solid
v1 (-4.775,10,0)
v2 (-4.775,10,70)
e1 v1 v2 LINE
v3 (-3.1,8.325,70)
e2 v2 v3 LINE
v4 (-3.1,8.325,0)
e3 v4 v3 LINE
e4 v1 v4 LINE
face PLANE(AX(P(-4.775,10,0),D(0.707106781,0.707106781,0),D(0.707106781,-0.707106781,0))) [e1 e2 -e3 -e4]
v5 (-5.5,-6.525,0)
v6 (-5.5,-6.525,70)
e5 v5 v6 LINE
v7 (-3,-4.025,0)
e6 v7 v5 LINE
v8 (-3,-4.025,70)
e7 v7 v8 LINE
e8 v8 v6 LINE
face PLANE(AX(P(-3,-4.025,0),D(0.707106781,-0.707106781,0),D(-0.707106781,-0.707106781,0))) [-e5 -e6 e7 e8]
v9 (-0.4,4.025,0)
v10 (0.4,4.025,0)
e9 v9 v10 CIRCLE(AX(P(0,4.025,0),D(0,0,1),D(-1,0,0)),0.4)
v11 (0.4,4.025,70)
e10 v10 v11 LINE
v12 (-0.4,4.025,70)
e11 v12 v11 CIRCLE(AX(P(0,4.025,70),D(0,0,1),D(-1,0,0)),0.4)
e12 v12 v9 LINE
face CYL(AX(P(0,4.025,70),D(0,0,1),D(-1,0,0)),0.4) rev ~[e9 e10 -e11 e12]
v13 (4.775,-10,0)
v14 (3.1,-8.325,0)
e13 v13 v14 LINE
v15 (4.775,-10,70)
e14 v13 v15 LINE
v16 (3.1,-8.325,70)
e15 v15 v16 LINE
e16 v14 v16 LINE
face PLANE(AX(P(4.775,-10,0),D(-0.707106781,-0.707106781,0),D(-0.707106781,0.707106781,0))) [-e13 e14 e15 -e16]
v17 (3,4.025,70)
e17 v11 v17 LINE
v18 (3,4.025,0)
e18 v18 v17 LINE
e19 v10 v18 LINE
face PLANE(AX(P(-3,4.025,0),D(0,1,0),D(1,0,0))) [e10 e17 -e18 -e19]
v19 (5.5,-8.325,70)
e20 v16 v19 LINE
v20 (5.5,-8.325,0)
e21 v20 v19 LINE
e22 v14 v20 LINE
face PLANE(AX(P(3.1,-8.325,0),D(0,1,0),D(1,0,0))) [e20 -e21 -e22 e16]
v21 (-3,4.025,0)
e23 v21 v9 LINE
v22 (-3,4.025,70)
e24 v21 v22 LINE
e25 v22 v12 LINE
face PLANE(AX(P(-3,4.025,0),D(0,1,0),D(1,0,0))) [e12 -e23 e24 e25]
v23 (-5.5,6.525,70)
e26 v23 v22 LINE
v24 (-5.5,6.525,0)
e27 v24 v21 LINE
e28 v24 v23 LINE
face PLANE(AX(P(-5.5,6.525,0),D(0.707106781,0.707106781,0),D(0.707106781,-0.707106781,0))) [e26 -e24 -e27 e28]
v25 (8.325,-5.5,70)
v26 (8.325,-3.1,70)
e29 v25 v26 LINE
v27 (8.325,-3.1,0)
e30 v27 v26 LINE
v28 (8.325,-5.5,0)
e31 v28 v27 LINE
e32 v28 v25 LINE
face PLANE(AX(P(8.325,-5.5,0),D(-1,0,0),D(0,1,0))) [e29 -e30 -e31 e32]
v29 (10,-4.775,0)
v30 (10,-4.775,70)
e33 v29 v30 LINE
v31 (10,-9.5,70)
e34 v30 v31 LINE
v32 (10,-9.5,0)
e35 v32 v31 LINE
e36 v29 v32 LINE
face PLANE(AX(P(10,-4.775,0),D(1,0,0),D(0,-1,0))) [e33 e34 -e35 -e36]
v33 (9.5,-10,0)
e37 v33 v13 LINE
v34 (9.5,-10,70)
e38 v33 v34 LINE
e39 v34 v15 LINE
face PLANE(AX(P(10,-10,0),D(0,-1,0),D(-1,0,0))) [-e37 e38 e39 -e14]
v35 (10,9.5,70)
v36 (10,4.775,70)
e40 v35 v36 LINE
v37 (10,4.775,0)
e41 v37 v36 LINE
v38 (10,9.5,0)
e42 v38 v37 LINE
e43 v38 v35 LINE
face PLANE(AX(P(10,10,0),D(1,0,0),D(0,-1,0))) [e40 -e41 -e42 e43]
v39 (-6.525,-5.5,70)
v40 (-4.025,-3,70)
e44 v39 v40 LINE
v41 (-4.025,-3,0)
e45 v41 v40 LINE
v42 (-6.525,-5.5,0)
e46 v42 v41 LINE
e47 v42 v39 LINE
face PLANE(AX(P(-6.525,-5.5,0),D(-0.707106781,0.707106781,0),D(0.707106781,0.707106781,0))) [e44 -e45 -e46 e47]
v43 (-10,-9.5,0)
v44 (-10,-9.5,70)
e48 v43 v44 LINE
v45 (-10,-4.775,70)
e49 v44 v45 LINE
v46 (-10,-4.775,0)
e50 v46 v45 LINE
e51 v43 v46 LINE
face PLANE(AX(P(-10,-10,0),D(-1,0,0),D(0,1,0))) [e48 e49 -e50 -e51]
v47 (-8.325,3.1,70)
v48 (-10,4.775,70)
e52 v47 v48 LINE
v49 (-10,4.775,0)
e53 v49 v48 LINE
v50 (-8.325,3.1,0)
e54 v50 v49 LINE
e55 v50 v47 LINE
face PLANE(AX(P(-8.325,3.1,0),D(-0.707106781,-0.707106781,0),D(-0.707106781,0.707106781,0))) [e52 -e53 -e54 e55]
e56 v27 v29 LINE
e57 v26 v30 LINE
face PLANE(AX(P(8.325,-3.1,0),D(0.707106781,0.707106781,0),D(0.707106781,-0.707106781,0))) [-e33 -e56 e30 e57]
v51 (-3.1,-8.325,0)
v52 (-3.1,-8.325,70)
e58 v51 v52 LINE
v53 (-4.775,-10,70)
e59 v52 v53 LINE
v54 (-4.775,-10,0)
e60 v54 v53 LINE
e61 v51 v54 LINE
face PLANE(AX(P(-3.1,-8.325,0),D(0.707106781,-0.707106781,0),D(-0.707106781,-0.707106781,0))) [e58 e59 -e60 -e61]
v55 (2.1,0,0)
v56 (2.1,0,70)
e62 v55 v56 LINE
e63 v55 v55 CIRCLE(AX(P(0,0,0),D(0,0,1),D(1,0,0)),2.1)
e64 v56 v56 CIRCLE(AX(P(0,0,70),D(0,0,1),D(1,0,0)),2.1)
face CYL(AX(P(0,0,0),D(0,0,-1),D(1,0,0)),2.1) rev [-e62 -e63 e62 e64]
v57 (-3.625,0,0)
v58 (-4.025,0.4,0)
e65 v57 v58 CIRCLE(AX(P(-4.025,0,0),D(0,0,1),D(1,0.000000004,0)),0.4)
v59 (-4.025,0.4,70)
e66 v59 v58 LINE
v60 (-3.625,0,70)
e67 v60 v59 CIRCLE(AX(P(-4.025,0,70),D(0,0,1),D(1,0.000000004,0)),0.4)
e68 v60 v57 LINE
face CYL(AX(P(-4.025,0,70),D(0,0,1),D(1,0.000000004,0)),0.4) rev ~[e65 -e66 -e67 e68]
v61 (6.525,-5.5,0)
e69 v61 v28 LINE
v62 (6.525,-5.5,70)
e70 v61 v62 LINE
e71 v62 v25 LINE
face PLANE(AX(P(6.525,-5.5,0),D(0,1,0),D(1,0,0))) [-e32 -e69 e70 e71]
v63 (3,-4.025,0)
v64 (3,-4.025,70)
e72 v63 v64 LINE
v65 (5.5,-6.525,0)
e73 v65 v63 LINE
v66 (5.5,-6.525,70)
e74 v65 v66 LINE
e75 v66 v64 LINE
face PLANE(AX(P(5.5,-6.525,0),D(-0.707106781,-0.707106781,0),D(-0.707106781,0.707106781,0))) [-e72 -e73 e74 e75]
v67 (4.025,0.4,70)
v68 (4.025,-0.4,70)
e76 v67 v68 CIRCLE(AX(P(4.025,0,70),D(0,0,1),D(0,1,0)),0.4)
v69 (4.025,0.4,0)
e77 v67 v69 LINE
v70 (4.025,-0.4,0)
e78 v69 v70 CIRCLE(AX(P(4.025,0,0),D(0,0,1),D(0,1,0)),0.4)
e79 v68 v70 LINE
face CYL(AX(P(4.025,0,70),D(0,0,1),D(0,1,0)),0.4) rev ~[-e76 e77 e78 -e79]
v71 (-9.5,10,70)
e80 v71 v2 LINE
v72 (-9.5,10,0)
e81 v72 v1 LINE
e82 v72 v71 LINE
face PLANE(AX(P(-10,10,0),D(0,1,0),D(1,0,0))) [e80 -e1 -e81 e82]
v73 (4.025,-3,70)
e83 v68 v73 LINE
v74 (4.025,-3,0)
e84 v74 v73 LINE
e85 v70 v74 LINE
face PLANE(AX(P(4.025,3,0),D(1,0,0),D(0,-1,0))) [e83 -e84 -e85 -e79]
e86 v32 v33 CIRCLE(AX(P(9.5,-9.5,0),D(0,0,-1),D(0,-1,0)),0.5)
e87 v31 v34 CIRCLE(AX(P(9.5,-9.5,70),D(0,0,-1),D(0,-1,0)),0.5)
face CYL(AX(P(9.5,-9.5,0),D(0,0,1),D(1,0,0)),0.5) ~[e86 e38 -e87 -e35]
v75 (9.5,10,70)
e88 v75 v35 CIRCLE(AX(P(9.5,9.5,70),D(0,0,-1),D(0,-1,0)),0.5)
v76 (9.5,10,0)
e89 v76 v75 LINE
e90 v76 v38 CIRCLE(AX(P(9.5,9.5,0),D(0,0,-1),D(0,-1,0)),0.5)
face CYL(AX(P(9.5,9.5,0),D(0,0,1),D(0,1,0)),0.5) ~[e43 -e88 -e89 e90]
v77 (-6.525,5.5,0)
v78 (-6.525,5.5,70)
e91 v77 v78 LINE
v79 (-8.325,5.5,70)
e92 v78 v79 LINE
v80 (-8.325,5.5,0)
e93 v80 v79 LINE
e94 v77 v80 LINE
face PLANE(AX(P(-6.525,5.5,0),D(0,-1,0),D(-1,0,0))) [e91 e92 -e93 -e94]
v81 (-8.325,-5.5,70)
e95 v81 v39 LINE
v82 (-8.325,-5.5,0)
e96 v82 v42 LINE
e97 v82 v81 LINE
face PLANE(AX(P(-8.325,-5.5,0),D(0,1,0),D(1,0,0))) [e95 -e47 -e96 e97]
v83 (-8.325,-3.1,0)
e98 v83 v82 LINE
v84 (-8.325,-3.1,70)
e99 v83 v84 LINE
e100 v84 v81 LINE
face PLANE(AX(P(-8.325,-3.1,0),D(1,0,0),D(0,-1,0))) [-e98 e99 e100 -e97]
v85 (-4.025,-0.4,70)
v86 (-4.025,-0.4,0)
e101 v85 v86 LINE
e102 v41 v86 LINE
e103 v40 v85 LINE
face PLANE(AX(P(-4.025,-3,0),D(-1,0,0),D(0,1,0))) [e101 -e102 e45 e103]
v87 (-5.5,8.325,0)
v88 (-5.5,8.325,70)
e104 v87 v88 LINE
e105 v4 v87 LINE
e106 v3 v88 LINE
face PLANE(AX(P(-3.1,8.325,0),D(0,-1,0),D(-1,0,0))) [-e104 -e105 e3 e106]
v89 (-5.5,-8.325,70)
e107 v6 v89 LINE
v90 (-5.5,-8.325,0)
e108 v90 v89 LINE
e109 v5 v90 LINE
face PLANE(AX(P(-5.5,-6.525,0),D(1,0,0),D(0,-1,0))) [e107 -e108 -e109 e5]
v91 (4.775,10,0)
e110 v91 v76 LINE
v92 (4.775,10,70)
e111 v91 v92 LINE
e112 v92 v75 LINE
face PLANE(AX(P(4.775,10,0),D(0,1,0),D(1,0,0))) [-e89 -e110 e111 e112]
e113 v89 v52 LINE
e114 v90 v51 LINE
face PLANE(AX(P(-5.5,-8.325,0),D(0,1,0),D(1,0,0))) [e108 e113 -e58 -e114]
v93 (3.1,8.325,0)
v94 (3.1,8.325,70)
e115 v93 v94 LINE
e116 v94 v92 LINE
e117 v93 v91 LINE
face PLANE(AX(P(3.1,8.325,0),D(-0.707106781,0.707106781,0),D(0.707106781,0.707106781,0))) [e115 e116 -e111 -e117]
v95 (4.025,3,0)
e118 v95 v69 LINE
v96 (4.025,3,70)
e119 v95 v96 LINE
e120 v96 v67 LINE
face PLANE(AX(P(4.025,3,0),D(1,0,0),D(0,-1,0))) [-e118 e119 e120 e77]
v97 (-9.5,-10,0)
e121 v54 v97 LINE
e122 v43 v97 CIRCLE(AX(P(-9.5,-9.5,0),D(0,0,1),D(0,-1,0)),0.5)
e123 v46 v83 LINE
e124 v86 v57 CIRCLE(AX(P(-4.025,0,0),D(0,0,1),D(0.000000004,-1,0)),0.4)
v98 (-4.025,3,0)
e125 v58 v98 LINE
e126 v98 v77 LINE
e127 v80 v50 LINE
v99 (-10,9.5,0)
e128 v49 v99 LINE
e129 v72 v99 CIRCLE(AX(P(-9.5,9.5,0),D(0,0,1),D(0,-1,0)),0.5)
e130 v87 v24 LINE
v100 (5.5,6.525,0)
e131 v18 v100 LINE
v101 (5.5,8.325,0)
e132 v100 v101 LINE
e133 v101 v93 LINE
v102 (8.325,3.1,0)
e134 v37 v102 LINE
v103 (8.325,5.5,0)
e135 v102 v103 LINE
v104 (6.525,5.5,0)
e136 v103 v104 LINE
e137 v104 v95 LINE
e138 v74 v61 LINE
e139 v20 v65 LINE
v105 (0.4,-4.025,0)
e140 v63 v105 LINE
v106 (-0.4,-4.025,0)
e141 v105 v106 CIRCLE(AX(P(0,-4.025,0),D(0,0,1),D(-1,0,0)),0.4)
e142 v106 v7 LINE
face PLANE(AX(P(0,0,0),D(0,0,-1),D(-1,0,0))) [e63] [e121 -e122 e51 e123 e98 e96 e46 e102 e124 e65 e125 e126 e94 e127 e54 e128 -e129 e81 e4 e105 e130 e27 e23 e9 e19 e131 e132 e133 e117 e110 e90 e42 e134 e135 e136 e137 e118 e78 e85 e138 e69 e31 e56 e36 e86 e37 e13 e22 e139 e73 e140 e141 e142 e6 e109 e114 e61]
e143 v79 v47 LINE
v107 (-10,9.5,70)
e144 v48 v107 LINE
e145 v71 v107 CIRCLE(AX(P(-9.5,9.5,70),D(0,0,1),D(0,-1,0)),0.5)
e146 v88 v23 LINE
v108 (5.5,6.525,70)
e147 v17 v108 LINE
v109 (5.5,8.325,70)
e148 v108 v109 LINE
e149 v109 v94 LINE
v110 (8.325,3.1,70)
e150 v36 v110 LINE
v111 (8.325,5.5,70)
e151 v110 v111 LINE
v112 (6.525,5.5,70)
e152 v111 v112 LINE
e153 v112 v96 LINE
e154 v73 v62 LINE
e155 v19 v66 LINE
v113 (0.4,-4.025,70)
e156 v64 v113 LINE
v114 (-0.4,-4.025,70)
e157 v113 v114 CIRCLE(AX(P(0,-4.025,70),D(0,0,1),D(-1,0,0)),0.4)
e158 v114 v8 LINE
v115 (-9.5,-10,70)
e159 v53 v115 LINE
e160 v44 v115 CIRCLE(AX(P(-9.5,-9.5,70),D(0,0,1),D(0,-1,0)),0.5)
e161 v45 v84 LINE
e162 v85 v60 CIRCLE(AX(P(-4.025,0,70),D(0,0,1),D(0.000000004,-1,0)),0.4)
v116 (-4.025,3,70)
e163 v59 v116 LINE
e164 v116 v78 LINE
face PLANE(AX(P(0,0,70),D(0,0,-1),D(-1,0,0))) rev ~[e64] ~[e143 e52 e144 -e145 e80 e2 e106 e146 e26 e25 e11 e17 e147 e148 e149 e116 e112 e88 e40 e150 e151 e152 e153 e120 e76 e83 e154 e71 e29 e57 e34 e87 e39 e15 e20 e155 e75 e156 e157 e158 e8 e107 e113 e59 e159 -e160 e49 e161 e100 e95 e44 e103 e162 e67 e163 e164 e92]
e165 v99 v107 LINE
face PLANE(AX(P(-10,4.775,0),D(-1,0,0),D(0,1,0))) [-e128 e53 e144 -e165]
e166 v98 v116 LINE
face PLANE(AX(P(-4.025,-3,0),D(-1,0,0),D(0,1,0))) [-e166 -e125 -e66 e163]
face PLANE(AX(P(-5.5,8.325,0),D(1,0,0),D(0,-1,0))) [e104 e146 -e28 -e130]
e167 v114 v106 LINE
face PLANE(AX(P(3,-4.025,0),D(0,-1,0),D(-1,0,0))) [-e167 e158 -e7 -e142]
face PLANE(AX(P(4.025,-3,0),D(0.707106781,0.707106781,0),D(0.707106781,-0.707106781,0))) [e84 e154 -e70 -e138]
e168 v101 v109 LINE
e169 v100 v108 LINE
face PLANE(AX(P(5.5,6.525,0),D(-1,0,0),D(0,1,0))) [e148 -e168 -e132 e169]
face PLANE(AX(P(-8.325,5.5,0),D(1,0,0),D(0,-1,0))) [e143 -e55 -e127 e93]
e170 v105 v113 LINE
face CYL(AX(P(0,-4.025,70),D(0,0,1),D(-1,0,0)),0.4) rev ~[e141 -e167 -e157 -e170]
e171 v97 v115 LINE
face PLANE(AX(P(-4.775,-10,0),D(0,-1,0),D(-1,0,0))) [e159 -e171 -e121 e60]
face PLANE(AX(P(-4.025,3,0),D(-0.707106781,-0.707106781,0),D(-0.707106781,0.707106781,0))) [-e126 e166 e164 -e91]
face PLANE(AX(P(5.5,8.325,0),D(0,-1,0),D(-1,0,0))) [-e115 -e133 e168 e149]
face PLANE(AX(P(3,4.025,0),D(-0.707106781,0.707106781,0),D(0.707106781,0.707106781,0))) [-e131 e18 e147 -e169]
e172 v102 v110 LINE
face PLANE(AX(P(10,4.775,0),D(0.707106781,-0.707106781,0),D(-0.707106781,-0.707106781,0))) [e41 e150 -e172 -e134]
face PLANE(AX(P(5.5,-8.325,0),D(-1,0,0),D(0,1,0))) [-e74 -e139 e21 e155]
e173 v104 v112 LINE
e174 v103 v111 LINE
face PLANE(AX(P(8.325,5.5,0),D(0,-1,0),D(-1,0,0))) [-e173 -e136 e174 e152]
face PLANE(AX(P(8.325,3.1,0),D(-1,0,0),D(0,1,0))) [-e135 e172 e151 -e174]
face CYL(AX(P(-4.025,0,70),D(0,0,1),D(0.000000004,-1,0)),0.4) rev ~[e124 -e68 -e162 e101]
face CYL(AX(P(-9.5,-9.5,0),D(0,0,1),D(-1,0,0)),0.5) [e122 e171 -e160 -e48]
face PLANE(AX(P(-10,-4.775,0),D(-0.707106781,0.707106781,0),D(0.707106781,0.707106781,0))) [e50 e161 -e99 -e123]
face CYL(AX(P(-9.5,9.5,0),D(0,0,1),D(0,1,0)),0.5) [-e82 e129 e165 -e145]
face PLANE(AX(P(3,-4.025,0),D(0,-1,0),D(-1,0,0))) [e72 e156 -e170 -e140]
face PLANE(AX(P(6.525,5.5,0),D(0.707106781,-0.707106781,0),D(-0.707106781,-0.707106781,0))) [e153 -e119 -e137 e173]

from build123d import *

# Parameters (mm, degrees)
SKETCH1_R           = 2.1
BOSS_EXTRUDE1_DEPTH = 70
FILLET1_R           = 0.5
CUT_EXTRUDE1_DEPTH  = 72.414284285


with BuildPart() as part:
    # Sketch1 → Boss-Extrude1 (new body)
    with BuildSketch(Plane.XY):
        Polygon((-10, 10), (-4.775, 10), (-3.1, 8.325), (-5.5, 8.325), (-5.5, 6.525), (-3, 4.025), (3, 4.025), (5.5, 6.525), (5.5, 8.325), (3.1, 8.325), (4.775, 10), (10, 10), (10, 4.775), (8.325, 3.1), (8.325, 5.5), (6.525, 5.5), (4.025, 3), (4.025, -3), (6.525, -5.5), (8.325, -5.5), (8.325, -3.1), (10, -4.775), (10, -10), (4.775, -10), (3.1, -8.325), (5.5, -8.325), (5.5, -6.525), (3, -4.025), (-3, -4.025), (-5.5, -6.525), (-5.5, -8.325), (-3.1, -8.325), (-4.775, -10), (-10, -10), (-10, -4.775), (-8.325, -3.1), (-8.325, -5.5), (-6.525, -5.5), (-4.025, -3), (-4.025, 3), (-6.525, 5.5), (-8.325, 5.5), (-8.325, 3.1), (-10, 4.775), align=None)
        Circle(SKETCH1_R, mode=Mode.SUBTRACT)
    extrude(amount=BOSS_EXTRUDE1_DEPTH)

    # Fillet1
    fillet1_edges = [part.edges().sort_by_distance(p)[0] for p in [
        (10, -10, 35),
        (-10, -10, 35),
        (-10, 10, 35),
        (10, 10, 35),
    ]]
    fillet(fillet1_edges, radius=FILLET1_R)

    # Sketch2 → Cut-Extrude1 (cut, through all)
    with BuildSketch(Plane.XY.offset(70)):
        with BuildLine():
            ThreePointArc((-4.025, 0.4), (-4.425, 0), (-4.025, -0.4))
            Line((-4.025, -0.4), (-4.025, 0.4))
        make_face()
        with BuildLine():
            Line((-4.025, 0.4), (-4.025, -0.4))
            ThreePointArc((-4.025, -0.4), (-3.742157288, -0.282842712), (-3.625, 0))
            ThreePointArc((-3.625, 0), (-3.742157288, 0.282842712), (-4.025, 0.4))
        make_face()
        with BuildLine():
            ThreePointArc((0.4, 4.025), (0, 4.425), (-0.4, 4.025))
            Line((-0.4, 4.025), (0.4, 4.025))
        make_face()
        with BuildLine():
            Line((0.4, 4.025), (-0.4, 4.025))
            ThreePointArc((-0.4, 4.025), (0, 3.625), (0.4, 4.025))
        make_face()
        with BuildLine():
            ThreePointArc((4.025, 0.4), (3.625, 0), (4.025, -0.4))
            Line((4.025, -0.4), (4.025, 0.4))
        make_face()
        with BuildLine():
            Line((4.025, 0.4), (4.025, -0.4))
            ThreePointArc((4.025, -0.4), (4.307842712, -0.282842712), (4.425, 0))
            ThreePointArc((4.425, 0), (4.307842712, 0.282842712), (4.025, 0.4))
        make_face()
        with BuildLine():
            ThreePointArc((0.4, -4.025), (0, -3.625), (-0.4, -4.025))
            Line((-0.4, -4.025), (0.4, -4.025))
        make_face()
        with BuildLine():
            Line((0.4, -4.025), (-0.4, -4.025))
            ThreePointArc((-0.4, -4.025), (0, -4.425), (0.4, -4.025))
        make_face()
    extrude(amount=-CUT_EXTRUDE1_DEPTH, mode=Mode.SUBTRACT)


solid = part.part
